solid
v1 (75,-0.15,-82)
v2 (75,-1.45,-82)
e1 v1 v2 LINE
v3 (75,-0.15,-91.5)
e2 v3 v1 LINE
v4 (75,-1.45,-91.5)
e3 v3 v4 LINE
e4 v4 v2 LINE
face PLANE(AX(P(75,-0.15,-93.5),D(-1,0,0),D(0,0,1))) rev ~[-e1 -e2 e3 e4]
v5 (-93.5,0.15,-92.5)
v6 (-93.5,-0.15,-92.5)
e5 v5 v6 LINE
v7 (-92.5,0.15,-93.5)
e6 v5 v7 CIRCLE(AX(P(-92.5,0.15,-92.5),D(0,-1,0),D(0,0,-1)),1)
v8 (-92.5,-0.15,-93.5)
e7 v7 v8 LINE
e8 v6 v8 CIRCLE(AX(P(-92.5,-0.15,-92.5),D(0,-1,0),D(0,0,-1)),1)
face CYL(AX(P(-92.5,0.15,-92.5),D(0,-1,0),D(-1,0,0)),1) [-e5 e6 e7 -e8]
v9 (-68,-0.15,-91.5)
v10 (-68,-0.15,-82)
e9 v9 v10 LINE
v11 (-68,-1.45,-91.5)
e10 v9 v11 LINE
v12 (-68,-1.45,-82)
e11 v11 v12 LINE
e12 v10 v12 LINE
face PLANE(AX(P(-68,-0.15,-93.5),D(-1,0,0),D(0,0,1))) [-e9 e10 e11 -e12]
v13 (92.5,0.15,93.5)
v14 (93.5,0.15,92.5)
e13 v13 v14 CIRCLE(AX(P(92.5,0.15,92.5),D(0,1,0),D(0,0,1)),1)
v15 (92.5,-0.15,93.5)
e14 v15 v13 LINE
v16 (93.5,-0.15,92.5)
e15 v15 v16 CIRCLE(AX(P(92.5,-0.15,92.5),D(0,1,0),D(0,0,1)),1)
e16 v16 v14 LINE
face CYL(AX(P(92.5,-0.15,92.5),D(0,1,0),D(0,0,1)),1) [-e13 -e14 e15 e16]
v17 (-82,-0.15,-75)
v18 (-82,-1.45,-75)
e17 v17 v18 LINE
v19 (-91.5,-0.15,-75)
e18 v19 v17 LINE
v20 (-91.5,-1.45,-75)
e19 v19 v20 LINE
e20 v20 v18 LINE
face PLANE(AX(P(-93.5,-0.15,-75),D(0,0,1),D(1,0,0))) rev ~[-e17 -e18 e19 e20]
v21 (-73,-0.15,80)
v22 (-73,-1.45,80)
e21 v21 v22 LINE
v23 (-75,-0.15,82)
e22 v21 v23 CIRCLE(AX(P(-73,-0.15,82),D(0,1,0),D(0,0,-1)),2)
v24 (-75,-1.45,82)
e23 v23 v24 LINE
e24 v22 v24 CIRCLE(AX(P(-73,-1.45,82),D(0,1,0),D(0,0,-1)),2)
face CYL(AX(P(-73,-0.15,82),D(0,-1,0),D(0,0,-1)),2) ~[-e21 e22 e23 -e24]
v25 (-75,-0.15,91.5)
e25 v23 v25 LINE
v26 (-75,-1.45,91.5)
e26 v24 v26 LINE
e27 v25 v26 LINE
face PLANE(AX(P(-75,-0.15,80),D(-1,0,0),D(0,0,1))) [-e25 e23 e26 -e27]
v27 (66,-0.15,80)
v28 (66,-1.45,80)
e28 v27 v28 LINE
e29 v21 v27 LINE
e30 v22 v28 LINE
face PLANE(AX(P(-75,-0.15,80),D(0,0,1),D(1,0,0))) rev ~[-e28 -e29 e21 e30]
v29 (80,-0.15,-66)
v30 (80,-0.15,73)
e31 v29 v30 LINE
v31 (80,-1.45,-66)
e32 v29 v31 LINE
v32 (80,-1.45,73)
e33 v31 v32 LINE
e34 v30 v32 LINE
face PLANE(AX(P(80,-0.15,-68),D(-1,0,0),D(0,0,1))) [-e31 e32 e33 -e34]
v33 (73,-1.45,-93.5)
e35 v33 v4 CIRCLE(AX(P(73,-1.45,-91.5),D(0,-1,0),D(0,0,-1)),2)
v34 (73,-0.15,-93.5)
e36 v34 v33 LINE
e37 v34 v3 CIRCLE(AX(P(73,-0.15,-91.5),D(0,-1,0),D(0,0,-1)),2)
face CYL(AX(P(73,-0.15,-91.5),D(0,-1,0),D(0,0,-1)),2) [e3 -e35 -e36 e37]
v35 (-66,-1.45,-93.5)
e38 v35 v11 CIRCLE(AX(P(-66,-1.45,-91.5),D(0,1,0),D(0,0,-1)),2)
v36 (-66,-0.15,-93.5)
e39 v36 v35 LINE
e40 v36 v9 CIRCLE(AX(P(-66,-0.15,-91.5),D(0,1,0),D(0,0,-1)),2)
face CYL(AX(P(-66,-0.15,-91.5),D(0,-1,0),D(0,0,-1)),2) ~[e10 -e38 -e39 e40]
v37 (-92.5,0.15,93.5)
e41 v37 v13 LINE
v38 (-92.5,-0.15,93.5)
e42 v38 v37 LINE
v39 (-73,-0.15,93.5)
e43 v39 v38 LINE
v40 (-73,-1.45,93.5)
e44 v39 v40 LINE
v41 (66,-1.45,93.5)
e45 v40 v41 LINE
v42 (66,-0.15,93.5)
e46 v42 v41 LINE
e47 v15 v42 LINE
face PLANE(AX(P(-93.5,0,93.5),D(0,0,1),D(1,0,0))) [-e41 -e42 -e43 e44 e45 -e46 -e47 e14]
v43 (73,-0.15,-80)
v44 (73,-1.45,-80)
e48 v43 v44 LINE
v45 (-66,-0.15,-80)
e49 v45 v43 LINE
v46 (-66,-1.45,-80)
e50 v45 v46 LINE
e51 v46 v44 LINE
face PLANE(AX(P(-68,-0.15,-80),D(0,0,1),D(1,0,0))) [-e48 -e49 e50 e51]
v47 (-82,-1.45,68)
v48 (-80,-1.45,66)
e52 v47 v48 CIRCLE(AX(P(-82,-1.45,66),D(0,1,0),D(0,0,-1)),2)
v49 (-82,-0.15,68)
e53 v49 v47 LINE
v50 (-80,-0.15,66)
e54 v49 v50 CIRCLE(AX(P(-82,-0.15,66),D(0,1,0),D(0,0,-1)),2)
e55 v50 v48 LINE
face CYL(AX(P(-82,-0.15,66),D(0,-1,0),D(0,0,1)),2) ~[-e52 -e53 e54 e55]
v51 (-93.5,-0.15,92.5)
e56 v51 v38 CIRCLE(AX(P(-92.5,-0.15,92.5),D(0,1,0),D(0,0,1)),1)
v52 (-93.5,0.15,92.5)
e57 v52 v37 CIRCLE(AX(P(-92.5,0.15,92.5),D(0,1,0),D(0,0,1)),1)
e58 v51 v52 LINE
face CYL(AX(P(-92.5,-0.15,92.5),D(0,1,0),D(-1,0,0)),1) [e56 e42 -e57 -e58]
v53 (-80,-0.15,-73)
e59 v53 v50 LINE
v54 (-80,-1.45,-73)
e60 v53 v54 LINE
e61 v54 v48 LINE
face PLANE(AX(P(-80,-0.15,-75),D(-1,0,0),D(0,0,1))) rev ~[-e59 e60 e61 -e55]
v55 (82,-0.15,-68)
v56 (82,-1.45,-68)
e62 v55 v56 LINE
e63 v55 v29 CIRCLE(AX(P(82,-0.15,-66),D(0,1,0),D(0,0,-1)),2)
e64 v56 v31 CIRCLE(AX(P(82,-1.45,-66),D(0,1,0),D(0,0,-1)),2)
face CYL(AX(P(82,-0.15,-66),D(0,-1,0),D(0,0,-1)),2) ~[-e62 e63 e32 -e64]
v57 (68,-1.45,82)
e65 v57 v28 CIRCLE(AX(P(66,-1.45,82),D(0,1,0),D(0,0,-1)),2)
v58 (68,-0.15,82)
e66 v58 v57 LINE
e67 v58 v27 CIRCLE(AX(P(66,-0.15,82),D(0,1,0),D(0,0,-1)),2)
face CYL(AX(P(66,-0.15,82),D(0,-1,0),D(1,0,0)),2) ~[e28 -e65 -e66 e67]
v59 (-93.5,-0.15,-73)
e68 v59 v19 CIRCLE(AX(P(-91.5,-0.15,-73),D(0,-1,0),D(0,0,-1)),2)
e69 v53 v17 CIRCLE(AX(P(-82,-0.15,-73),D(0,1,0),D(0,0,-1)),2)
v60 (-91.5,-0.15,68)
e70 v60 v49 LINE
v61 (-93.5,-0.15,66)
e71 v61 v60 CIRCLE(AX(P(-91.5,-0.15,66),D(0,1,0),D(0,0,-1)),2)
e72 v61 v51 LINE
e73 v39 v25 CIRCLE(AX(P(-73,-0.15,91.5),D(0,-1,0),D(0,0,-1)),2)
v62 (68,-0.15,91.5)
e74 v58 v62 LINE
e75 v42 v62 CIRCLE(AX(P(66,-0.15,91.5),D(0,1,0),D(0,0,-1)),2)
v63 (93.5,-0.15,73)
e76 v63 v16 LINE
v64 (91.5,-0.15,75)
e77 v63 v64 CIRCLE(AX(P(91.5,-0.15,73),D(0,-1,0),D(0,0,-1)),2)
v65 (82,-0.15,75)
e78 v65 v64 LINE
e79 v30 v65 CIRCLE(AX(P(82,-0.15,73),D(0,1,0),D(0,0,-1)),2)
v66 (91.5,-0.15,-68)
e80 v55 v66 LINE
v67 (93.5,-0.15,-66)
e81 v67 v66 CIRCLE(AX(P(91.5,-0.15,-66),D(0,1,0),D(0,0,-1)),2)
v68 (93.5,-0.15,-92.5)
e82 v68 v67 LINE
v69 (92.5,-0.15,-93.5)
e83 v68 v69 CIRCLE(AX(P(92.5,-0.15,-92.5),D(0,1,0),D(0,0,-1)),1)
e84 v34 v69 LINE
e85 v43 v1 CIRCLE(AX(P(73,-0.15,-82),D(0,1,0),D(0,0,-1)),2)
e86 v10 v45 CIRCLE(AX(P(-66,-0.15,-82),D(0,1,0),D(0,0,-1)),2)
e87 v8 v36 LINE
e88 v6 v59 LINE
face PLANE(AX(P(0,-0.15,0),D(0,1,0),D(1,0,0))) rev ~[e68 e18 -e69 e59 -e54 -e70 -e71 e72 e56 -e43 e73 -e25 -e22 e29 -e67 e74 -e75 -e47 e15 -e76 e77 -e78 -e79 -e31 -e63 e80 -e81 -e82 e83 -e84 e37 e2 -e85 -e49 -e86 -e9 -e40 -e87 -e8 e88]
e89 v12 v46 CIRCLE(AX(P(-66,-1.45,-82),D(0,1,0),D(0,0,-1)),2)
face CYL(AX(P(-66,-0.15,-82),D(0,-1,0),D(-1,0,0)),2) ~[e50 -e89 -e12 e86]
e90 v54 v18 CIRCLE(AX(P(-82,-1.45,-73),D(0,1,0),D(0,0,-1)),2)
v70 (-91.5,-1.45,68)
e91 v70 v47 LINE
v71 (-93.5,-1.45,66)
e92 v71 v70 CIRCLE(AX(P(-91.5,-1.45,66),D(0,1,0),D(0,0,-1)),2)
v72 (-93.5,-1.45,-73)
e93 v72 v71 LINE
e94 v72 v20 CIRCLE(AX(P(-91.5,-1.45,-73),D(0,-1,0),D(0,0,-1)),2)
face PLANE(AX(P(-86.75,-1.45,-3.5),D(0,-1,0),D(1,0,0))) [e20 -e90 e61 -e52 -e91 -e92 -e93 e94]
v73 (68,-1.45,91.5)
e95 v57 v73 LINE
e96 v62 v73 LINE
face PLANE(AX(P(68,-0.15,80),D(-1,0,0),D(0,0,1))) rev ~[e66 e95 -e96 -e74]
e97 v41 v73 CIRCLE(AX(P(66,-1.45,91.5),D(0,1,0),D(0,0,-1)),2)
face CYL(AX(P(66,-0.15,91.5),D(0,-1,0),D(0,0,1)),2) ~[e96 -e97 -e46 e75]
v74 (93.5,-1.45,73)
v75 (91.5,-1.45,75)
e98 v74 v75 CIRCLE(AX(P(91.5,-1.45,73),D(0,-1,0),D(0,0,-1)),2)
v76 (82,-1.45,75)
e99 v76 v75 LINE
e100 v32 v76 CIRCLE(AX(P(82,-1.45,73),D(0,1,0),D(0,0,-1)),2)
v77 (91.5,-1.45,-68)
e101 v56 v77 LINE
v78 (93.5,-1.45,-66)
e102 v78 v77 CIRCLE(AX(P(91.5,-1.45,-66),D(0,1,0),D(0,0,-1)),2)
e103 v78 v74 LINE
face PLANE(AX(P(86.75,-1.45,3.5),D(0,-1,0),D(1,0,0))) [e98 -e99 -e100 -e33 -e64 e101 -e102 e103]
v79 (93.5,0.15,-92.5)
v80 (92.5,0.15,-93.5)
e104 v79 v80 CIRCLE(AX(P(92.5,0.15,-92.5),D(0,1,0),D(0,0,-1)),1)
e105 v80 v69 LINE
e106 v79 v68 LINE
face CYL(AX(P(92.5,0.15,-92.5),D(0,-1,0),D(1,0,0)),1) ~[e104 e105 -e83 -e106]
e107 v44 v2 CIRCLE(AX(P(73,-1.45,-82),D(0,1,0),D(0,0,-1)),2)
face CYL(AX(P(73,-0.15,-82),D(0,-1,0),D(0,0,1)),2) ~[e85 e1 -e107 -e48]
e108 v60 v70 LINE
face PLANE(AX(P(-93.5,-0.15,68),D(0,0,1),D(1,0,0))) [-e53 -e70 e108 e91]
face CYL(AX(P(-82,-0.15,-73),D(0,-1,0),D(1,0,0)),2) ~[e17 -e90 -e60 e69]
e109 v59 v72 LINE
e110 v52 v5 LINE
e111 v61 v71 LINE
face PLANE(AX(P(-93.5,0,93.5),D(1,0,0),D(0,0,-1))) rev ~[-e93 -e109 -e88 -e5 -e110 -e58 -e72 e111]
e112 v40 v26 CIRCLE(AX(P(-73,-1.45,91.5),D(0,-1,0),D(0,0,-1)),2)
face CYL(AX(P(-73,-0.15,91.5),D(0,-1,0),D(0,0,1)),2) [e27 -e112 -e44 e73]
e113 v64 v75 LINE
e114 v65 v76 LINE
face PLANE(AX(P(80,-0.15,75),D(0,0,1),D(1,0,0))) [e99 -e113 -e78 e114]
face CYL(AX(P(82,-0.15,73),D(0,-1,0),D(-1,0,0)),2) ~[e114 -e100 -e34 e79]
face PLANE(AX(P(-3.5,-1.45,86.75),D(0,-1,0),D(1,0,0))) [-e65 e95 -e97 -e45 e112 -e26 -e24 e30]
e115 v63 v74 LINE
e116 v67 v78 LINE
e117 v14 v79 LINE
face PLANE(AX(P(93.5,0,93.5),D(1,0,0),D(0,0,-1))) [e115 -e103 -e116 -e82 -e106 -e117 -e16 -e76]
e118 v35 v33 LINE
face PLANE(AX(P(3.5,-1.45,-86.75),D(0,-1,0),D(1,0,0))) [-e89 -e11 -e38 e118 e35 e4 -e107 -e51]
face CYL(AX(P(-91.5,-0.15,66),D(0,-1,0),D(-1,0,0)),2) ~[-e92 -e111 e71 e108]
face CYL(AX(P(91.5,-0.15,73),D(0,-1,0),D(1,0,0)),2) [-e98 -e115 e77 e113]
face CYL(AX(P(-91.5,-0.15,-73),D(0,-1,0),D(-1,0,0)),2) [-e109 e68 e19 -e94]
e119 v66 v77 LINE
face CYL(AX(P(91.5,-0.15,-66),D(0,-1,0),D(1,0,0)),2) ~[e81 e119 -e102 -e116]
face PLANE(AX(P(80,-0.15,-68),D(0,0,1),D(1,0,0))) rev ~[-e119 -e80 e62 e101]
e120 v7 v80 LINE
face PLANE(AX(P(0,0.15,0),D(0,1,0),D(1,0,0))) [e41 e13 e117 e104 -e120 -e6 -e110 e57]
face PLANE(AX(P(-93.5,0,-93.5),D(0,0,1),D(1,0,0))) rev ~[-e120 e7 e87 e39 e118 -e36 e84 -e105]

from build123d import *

# Parameters (mm, degrees)
SKETCH1_W           = 187
SKETCH1_H           = 187
BOSS_EXTRUDE1_DEPTH = 0.15
SKETCH2_W           = 13.5
SKETCH2_H           = 143
SKETCH2_W_2         = 143
SKETCH2_H_2         = 13.5
BOSS_EXTRUDE2_DEPTH = 1.3
FILLET1_R           = 2
FILLET2_R           = 1


with BuildPart() as part:
    # Sketch1 → Boss-Extrude1 (new, symmetric)
    with BuildSketch(Plane(origin=(0, 0, 0), x_dir=(1, 0, 0), z_dir=(0, 1, 0))):
        Rectangle(SKETCH1_W, SKETCH1_H)
    extrude(amount=BOSS_EXTRUDE1_DEPTH, both=True)

    # Sketch2 → Boss-Extrude2 (add)
    with BuildSketch(Plane.XZ.offset(0.15)):
        with Locations((-86.75, -3.5)):
            Rectangle(SKETCH2_W, SKETCH2_H)
        with Locations((3.5, -86.75)):
            Rectangle(SKETCH2_W_2, SKETCH2_H_2)
        with Locations((-3.5, 86.75)):
            Rectangle(SKETCH2_W_2, SKETCH2_H_2)
        with Locations((86.75, 3.5)):
            Rectangle(SKETCH2_W, SKETCH2_H)
    extrude(amount=BOSS_EXTRUDE2_DEPTH)

    # Fillet1
    fillet1_edges = [part.edges().sort_by_distance(p)[0] for p in [
        (75, -0.8, -93.5),
        (75, -0.8, -80),
        (-68, -0.8, -80),
        (-68, -0.8, -93.5),
        (-80, -0.8, -75),
        (-80, -0.8, 68),
        (-93.5, -0.8, 68),
        (-93.5, -0.8, -75),
        (-75, -0.8, 80),
        (68, -0.8, 80),
        (68, -0.8, 93.5),
        (-75, -0.8, 93.5),
        (80, -0.8, 75),
        (80, -0.8, -68),
        (93.5, -0.8, -68),
        (93.5, -0.8, 75),
    ]]
    fillet(fillet1_edges, radius=FILLET1_R)

    # Fillet2
    fillet2_edges = [part.edges().sort_by_distance(p)[0] for p in [
        (93.5, 0, 93.5),
        (-93.5, 0, 93.5),
        (-93.5, 0, -93.5),
        (93.5, 0, -93.5),
    ]]
    fillet(fillet2_edges, radius=FILLET2_R)


solid = part.part
